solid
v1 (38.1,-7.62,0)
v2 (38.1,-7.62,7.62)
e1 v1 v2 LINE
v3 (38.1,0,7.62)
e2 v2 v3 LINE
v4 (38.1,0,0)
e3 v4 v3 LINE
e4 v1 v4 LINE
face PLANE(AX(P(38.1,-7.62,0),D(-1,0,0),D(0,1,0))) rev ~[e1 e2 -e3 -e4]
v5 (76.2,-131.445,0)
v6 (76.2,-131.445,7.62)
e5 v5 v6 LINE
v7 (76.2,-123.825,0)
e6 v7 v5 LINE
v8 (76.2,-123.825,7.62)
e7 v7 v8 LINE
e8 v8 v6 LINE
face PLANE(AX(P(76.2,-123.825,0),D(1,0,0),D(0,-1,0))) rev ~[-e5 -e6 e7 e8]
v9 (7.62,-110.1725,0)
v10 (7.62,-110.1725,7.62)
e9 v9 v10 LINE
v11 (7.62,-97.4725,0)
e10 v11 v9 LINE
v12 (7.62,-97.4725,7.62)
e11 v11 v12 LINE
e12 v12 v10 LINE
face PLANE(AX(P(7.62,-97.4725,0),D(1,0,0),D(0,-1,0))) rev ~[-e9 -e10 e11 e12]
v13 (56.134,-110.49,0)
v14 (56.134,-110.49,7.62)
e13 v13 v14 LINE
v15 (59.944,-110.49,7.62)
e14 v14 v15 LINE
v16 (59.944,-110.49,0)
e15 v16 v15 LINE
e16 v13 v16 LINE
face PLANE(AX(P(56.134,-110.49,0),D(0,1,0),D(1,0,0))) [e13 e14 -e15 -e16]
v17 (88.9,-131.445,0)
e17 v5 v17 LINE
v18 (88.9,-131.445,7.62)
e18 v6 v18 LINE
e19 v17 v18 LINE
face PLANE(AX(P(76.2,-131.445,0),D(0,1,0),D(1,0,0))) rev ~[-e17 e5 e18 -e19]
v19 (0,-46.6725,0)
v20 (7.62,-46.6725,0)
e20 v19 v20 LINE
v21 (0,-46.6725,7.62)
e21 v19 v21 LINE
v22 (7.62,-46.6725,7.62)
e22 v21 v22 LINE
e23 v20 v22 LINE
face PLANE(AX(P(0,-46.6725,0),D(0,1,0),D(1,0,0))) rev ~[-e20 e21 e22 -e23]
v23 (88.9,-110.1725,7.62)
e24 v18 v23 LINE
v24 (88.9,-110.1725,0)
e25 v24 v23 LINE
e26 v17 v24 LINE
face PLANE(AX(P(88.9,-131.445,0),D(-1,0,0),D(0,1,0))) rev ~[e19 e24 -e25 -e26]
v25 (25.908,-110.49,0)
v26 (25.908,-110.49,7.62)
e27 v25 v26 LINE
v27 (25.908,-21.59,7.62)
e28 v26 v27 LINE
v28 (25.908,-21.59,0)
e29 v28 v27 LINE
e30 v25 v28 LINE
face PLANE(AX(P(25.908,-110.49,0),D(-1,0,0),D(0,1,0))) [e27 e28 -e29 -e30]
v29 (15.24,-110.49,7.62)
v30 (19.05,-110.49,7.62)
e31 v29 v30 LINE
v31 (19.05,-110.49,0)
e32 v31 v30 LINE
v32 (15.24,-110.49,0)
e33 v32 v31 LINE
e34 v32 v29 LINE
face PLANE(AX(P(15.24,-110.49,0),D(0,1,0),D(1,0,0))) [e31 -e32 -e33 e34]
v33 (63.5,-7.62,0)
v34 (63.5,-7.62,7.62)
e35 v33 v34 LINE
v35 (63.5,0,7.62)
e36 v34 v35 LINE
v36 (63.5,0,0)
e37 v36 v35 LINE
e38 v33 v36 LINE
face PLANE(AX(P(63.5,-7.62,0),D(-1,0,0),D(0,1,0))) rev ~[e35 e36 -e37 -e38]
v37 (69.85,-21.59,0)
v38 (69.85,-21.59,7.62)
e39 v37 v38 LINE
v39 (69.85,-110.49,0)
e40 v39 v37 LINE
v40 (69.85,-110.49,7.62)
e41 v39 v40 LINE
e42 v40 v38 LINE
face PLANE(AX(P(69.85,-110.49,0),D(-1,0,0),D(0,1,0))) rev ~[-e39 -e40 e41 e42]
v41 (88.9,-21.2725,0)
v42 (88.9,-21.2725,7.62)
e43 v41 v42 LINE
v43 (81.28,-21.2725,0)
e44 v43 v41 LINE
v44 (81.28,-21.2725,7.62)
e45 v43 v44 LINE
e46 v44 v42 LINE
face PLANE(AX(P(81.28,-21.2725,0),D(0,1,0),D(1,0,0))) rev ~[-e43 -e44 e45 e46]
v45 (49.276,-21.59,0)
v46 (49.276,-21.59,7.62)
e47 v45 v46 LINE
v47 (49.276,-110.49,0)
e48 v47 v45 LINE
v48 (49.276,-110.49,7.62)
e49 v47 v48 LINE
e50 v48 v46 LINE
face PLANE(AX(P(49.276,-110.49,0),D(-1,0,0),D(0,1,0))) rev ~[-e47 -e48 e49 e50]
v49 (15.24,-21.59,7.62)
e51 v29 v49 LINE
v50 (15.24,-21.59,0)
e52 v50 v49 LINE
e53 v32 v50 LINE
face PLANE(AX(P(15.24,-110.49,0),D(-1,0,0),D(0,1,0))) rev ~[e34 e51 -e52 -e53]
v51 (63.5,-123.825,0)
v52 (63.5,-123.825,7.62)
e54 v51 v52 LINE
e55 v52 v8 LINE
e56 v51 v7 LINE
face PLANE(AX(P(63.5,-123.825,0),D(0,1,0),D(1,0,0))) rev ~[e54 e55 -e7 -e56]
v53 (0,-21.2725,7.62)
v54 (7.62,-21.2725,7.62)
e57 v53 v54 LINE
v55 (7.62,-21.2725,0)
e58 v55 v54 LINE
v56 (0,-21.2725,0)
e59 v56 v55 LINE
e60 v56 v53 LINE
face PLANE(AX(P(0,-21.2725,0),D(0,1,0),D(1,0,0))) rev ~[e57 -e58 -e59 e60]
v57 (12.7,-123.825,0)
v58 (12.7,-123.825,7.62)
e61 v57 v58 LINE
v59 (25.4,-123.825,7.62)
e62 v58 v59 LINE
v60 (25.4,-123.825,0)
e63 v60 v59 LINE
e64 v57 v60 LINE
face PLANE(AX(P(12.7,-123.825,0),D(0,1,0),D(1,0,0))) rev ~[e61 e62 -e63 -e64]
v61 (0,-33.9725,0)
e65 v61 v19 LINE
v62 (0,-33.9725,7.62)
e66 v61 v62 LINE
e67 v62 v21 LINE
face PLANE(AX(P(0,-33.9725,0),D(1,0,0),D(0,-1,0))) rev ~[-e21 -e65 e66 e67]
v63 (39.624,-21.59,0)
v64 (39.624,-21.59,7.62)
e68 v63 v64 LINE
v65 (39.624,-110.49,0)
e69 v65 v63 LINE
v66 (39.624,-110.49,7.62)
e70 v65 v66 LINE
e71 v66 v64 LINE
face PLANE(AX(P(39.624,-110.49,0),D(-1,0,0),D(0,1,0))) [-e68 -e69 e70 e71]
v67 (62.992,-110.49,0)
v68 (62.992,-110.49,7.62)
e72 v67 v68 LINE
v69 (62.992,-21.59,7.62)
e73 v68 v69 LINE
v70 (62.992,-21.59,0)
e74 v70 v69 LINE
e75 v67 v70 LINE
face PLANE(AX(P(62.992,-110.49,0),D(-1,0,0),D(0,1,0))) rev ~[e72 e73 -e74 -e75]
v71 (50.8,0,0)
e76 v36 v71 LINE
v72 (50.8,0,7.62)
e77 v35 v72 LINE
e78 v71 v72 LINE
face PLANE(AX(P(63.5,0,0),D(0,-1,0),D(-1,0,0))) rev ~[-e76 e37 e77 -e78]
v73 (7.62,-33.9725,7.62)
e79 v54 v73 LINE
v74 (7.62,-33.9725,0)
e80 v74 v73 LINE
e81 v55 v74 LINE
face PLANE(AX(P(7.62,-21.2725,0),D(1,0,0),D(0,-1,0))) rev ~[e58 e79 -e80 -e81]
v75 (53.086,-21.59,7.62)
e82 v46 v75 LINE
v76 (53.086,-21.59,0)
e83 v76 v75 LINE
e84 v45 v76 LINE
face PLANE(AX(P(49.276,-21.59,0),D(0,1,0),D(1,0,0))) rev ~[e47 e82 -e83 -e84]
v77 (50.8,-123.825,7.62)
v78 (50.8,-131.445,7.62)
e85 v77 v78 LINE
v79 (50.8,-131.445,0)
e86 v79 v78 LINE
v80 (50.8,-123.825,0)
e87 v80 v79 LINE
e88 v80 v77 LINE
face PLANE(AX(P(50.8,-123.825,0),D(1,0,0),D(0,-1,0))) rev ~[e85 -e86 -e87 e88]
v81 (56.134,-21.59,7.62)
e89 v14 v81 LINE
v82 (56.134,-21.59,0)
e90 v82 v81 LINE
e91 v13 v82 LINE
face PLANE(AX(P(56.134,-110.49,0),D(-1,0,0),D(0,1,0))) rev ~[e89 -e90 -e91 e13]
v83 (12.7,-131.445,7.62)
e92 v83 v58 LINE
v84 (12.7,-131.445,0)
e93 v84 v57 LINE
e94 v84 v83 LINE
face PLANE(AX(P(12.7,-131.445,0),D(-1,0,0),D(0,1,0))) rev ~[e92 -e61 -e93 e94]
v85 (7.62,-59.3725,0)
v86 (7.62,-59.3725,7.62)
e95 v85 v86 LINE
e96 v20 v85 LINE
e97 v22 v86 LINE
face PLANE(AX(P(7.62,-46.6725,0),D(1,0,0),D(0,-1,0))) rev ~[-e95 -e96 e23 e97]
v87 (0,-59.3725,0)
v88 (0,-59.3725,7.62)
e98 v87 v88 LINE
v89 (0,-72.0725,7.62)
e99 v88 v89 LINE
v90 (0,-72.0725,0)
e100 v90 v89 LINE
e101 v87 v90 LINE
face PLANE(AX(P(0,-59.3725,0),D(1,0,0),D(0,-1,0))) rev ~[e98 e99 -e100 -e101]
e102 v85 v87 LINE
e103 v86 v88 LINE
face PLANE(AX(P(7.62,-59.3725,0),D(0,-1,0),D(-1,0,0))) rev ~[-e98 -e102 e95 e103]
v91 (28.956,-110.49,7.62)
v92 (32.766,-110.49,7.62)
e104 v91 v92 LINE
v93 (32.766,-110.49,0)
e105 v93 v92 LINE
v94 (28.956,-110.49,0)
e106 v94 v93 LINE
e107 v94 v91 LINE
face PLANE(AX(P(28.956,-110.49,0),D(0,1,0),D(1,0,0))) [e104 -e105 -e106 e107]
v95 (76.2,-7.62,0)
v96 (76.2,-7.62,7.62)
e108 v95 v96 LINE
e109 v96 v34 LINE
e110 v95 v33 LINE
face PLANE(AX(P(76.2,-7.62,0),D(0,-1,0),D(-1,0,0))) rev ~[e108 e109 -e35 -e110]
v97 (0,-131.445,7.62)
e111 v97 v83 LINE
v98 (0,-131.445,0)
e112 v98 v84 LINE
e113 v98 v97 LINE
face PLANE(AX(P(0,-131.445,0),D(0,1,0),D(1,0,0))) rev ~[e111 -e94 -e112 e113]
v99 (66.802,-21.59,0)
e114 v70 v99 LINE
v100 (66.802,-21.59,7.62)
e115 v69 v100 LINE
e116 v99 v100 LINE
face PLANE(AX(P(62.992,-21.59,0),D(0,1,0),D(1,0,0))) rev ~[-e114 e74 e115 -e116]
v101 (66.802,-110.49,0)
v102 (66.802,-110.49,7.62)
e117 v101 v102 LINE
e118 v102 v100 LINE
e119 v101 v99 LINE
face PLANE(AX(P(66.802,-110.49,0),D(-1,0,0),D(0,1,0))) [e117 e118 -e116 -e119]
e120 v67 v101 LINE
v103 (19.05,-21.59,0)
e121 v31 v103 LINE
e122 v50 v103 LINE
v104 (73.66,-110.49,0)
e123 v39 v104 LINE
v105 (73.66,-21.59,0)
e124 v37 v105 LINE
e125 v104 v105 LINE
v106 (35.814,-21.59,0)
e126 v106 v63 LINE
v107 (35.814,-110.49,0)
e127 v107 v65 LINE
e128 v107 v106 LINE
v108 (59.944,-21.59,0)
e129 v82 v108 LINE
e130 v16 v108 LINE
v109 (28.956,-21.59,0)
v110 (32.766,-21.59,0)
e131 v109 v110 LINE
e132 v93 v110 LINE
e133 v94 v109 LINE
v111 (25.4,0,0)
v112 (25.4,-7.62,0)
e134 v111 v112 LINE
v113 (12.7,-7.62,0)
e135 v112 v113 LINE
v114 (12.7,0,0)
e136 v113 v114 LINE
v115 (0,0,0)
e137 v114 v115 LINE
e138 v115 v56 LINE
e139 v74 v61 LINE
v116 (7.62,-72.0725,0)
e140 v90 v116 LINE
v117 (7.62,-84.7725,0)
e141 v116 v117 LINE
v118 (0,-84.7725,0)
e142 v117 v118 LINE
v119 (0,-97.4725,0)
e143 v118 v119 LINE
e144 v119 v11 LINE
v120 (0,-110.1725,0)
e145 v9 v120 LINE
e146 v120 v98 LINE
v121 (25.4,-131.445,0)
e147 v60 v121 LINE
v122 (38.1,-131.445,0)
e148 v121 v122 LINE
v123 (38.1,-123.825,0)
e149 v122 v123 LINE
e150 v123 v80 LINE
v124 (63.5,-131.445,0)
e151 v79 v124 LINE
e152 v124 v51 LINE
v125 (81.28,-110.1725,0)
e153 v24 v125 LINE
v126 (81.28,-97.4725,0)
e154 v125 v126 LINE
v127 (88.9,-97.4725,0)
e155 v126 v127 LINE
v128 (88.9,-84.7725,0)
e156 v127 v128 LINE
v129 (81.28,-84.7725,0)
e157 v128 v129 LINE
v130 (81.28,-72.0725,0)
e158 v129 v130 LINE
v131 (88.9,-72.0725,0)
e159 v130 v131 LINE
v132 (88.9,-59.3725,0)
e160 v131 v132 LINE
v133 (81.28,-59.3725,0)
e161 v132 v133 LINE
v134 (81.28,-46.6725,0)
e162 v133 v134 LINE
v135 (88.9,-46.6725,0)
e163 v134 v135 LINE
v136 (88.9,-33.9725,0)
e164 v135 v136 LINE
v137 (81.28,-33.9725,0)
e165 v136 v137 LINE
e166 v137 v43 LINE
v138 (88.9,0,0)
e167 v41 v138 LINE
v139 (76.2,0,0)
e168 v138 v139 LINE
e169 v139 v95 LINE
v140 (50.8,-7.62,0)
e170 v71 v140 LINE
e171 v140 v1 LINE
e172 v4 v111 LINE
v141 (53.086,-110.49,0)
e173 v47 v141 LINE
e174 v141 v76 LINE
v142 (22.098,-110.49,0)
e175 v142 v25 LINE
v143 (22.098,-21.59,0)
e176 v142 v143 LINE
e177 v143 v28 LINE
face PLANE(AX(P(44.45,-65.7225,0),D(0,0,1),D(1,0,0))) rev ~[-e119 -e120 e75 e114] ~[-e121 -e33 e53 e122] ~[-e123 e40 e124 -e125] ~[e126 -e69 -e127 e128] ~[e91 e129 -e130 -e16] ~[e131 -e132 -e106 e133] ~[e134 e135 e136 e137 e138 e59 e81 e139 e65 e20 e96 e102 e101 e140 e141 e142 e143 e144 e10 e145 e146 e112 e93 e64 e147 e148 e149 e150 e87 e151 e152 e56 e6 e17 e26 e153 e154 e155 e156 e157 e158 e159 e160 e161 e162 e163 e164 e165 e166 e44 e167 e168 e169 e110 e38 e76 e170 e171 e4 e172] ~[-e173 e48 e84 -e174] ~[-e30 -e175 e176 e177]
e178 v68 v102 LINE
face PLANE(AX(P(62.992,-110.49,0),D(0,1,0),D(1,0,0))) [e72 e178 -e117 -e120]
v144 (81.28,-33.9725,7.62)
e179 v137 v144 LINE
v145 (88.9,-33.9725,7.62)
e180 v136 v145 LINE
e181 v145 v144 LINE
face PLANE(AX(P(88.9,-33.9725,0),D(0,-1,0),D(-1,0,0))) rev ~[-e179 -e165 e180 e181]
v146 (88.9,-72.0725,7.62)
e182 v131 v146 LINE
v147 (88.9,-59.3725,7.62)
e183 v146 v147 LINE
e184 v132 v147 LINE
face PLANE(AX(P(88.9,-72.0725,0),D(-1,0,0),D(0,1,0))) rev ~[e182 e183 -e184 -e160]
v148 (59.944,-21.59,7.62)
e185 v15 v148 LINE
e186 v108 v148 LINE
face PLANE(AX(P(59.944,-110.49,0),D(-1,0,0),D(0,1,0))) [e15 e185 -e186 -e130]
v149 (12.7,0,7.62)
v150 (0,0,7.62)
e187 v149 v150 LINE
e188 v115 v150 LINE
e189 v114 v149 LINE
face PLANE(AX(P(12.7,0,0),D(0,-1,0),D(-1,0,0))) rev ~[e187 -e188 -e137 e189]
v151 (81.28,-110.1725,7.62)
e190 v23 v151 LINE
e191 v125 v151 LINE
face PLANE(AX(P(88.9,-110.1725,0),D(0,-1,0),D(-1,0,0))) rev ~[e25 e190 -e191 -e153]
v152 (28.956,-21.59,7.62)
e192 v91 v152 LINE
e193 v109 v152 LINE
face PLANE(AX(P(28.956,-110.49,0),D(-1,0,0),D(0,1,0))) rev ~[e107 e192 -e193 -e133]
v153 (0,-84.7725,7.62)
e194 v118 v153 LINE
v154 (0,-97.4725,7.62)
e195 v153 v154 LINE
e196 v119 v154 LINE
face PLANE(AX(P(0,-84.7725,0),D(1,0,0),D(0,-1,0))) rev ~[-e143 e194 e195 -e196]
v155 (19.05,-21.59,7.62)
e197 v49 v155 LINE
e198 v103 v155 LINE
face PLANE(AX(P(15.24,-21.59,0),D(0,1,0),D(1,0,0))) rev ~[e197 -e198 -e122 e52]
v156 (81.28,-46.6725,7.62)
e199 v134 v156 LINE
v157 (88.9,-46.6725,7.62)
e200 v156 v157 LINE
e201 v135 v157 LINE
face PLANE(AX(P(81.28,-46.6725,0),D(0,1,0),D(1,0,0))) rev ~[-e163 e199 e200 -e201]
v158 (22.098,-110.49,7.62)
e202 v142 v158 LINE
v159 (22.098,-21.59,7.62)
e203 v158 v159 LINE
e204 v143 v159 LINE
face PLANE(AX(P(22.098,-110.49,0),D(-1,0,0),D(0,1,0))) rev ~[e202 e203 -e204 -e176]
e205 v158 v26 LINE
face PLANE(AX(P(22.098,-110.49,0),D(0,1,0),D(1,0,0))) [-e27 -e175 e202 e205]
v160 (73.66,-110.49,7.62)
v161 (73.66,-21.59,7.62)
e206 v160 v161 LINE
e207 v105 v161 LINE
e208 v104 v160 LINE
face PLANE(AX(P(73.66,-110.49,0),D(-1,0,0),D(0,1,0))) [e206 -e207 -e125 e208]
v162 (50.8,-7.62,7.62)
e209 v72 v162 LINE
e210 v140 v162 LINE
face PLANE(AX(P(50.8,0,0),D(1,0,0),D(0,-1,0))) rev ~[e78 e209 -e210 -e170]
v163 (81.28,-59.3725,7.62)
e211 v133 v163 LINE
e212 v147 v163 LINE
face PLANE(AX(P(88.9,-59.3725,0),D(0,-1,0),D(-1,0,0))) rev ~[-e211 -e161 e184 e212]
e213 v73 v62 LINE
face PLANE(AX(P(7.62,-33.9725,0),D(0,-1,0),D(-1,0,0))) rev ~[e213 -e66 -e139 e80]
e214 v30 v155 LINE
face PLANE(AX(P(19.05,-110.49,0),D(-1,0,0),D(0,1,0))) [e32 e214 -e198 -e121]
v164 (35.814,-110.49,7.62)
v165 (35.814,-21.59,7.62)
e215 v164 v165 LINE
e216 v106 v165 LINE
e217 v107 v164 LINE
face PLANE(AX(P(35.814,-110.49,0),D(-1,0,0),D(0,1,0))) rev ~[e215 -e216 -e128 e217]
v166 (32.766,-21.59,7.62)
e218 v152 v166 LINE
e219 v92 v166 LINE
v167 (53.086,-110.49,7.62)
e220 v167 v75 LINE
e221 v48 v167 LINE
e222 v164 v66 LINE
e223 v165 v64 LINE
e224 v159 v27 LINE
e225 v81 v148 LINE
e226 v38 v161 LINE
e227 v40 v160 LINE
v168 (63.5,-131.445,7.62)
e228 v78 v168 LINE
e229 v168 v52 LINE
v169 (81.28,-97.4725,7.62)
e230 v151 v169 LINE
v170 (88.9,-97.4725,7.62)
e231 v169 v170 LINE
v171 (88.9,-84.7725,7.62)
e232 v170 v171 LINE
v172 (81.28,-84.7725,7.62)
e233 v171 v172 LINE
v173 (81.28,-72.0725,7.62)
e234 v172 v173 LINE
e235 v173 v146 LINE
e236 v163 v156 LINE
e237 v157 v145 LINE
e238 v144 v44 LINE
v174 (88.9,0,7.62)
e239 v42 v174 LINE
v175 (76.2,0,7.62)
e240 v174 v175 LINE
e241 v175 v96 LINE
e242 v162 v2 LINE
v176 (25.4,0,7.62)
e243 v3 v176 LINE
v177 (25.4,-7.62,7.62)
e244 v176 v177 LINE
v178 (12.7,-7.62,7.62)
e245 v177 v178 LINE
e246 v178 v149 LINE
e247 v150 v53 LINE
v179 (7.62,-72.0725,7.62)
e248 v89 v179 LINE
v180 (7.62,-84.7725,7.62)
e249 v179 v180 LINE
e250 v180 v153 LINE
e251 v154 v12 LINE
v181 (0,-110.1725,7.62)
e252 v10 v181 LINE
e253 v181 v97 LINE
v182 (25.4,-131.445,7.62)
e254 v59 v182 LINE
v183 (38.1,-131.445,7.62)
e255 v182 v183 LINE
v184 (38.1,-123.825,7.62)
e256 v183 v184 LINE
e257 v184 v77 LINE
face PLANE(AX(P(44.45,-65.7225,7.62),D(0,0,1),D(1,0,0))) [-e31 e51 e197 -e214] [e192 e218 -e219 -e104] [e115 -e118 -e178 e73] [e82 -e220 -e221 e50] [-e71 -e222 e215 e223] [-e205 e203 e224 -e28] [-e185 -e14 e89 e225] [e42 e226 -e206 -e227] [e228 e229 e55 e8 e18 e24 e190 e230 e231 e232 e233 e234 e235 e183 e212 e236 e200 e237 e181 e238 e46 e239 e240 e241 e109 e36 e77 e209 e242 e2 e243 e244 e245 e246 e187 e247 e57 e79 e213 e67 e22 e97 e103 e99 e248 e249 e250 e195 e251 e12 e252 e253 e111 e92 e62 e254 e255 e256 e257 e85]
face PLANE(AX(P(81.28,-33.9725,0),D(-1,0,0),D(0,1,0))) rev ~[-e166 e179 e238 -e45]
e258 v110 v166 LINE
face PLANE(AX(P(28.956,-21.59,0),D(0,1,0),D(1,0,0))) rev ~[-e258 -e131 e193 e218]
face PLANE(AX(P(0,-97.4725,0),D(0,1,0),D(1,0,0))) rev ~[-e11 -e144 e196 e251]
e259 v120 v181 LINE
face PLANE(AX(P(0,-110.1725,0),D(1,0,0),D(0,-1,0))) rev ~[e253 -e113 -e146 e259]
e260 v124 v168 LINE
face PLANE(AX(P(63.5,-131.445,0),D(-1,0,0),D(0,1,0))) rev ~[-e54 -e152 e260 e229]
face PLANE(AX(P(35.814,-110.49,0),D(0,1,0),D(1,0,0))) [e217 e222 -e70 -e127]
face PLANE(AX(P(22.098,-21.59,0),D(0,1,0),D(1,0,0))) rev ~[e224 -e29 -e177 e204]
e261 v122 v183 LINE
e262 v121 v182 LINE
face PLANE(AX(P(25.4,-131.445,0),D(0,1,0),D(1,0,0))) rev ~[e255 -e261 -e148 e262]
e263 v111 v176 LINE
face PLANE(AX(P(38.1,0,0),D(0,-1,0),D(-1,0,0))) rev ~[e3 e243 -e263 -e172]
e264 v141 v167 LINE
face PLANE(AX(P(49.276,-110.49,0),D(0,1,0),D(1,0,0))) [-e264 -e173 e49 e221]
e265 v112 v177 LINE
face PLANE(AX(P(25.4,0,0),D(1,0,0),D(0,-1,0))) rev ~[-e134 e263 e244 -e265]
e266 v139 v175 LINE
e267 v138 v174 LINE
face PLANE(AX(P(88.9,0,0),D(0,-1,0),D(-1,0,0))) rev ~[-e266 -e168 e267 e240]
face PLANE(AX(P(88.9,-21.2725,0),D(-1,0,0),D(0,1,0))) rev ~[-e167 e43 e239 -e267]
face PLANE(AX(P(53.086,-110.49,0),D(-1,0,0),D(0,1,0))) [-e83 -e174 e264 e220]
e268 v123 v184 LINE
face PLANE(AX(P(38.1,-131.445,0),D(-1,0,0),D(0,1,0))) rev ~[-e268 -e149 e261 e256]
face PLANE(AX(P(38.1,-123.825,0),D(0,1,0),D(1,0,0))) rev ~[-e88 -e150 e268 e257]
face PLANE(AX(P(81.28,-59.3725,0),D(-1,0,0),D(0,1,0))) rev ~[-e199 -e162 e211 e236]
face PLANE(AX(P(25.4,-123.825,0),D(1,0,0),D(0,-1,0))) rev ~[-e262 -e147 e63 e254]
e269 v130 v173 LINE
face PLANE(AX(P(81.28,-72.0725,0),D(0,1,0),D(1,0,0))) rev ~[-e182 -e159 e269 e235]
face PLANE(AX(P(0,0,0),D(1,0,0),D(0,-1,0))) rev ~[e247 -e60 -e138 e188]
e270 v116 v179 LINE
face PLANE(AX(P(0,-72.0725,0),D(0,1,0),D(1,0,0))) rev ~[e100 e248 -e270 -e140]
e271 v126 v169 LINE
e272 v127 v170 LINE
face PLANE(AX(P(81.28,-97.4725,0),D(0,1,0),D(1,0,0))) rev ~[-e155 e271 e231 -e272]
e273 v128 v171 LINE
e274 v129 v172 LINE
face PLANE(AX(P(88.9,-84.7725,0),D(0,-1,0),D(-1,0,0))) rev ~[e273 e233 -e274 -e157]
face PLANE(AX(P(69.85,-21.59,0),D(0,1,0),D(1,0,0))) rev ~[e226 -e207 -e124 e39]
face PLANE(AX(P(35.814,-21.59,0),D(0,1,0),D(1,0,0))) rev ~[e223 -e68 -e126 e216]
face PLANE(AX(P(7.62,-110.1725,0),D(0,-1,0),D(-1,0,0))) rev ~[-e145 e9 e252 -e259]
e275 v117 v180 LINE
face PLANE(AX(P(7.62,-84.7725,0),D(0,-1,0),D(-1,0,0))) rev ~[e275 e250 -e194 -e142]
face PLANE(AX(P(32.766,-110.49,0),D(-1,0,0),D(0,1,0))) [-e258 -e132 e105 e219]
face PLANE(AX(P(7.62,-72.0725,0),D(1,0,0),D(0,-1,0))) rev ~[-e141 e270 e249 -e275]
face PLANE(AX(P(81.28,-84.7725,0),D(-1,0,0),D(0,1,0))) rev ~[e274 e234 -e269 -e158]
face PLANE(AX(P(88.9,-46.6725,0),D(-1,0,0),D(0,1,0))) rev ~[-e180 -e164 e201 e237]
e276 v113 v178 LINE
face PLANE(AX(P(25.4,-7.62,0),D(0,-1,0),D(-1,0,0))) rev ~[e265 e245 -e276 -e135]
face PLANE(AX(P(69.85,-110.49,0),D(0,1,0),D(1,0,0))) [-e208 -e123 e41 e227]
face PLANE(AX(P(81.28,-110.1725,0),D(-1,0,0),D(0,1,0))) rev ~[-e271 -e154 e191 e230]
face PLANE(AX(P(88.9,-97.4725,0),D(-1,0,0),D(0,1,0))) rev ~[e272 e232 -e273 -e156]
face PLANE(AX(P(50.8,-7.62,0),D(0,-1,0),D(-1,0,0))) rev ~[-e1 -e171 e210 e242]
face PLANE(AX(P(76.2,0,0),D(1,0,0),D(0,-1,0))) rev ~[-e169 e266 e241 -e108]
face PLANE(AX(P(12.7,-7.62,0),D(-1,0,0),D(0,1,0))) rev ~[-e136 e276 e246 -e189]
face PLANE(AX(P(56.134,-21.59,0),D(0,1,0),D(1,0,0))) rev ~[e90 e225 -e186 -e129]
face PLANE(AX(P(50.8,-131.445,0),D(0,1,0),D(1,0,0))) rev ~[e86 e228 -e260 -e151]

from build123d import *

# Parameters (mm, degrees)
F0_W     = 3.81
F0_H     = 88.9
F1_DEPTH = 7.62


with BuildPart() as f1:
    # F0 (on Top) → F1 (new body)
    with BuildSketch(Plane.XY):
        Polygon((12.7, 0), (0, 0), (0, -21.2725), (7.62, -21.2725), (7.62, -33.9725), (0, -33.9725), (0, -46.6725), (7.62, -46.6725), (7.62, -59.3725), (0, -59.3725), (0, -72.0725), (7.62, -72.0725), (7.62, -84.7725), (0, -84.7725), (0, -97.4725), (7.62, -97.4725), (7.62, -110.1725), (0, -110.1725), (0, -131.445), (12.7, -131.445), (12.7, -123.825), (25.4, -123.825), (25.4, -131.445), (38.1, -131.445), (38.1, -123.825), (50.8, -123.825), (50.8, -131.445), (63.5, -131.445), (63.5, -123.825), (76.2, -123.825), (76.2, -131.445), (88.9, -131.445), (88.9, -110.1725), (81.28, -110.1725), (81.28, -97.4725), (88.9, -97.4725), (88.9, -84.7725), (81.28, -84.7725), (81.28, -72.0725), (88.9, -72.0725), (88.9, -59.3725), (81.28, -59.3725), (81.28, -46.6725), (88.9, -46.6725), (88.9, -33.9725), (81.28, -33.9725), (81.28, -21.2725), (88.9, -21.2725), (88.9, 0), (76.2, 0), (76.2, -7.62), (63.5, -7.62), (63.5, 0), (50.8, 0), (50.8, -7.62), (38.1, -7.62), (38.1, 0), (25.4, 0), (25.4, -7.62), (12.7, -7.62), align=None)
        with Locations((17.145, -66.04)):
            Rectangle(F0_W, F0_H, mode=Mode.SUBTRACT)
        with Locations((24.003, -66.04)):
            Rectangle(F0_W, F0_H, mode=Mode.SUBTRACT)
        with Locations((30.861, -66.04)):
            Rectangle(F0_W, F0_H, mode=Mode.SUBTRACT)
        with Locations((37.719, -66.04)):
            Rectangle(F0_W, F0_H, mode=Mode.SUBTRACT)
        with Locations((51.181, -66.04)):
            Rectangle(F0_W, F0_H, mode=Mode.SUBTRACT)
        with Locations((58.039, -66.04)):
            Rectangle(F0_W, F0_H, mode=Mode.SUBTRACT)
        with Locations((64.897, -66.04)):
            Rectangle(F0_W, F0_H, mode=Mode.SUBTRACT)
        with Locations((71.755, -66.04)):
            Rectangle(F0_W, F0_H, mode=Mode.SUBTRACT)
    extrude(amount=F1_DEPTH)


solid = f1.part
